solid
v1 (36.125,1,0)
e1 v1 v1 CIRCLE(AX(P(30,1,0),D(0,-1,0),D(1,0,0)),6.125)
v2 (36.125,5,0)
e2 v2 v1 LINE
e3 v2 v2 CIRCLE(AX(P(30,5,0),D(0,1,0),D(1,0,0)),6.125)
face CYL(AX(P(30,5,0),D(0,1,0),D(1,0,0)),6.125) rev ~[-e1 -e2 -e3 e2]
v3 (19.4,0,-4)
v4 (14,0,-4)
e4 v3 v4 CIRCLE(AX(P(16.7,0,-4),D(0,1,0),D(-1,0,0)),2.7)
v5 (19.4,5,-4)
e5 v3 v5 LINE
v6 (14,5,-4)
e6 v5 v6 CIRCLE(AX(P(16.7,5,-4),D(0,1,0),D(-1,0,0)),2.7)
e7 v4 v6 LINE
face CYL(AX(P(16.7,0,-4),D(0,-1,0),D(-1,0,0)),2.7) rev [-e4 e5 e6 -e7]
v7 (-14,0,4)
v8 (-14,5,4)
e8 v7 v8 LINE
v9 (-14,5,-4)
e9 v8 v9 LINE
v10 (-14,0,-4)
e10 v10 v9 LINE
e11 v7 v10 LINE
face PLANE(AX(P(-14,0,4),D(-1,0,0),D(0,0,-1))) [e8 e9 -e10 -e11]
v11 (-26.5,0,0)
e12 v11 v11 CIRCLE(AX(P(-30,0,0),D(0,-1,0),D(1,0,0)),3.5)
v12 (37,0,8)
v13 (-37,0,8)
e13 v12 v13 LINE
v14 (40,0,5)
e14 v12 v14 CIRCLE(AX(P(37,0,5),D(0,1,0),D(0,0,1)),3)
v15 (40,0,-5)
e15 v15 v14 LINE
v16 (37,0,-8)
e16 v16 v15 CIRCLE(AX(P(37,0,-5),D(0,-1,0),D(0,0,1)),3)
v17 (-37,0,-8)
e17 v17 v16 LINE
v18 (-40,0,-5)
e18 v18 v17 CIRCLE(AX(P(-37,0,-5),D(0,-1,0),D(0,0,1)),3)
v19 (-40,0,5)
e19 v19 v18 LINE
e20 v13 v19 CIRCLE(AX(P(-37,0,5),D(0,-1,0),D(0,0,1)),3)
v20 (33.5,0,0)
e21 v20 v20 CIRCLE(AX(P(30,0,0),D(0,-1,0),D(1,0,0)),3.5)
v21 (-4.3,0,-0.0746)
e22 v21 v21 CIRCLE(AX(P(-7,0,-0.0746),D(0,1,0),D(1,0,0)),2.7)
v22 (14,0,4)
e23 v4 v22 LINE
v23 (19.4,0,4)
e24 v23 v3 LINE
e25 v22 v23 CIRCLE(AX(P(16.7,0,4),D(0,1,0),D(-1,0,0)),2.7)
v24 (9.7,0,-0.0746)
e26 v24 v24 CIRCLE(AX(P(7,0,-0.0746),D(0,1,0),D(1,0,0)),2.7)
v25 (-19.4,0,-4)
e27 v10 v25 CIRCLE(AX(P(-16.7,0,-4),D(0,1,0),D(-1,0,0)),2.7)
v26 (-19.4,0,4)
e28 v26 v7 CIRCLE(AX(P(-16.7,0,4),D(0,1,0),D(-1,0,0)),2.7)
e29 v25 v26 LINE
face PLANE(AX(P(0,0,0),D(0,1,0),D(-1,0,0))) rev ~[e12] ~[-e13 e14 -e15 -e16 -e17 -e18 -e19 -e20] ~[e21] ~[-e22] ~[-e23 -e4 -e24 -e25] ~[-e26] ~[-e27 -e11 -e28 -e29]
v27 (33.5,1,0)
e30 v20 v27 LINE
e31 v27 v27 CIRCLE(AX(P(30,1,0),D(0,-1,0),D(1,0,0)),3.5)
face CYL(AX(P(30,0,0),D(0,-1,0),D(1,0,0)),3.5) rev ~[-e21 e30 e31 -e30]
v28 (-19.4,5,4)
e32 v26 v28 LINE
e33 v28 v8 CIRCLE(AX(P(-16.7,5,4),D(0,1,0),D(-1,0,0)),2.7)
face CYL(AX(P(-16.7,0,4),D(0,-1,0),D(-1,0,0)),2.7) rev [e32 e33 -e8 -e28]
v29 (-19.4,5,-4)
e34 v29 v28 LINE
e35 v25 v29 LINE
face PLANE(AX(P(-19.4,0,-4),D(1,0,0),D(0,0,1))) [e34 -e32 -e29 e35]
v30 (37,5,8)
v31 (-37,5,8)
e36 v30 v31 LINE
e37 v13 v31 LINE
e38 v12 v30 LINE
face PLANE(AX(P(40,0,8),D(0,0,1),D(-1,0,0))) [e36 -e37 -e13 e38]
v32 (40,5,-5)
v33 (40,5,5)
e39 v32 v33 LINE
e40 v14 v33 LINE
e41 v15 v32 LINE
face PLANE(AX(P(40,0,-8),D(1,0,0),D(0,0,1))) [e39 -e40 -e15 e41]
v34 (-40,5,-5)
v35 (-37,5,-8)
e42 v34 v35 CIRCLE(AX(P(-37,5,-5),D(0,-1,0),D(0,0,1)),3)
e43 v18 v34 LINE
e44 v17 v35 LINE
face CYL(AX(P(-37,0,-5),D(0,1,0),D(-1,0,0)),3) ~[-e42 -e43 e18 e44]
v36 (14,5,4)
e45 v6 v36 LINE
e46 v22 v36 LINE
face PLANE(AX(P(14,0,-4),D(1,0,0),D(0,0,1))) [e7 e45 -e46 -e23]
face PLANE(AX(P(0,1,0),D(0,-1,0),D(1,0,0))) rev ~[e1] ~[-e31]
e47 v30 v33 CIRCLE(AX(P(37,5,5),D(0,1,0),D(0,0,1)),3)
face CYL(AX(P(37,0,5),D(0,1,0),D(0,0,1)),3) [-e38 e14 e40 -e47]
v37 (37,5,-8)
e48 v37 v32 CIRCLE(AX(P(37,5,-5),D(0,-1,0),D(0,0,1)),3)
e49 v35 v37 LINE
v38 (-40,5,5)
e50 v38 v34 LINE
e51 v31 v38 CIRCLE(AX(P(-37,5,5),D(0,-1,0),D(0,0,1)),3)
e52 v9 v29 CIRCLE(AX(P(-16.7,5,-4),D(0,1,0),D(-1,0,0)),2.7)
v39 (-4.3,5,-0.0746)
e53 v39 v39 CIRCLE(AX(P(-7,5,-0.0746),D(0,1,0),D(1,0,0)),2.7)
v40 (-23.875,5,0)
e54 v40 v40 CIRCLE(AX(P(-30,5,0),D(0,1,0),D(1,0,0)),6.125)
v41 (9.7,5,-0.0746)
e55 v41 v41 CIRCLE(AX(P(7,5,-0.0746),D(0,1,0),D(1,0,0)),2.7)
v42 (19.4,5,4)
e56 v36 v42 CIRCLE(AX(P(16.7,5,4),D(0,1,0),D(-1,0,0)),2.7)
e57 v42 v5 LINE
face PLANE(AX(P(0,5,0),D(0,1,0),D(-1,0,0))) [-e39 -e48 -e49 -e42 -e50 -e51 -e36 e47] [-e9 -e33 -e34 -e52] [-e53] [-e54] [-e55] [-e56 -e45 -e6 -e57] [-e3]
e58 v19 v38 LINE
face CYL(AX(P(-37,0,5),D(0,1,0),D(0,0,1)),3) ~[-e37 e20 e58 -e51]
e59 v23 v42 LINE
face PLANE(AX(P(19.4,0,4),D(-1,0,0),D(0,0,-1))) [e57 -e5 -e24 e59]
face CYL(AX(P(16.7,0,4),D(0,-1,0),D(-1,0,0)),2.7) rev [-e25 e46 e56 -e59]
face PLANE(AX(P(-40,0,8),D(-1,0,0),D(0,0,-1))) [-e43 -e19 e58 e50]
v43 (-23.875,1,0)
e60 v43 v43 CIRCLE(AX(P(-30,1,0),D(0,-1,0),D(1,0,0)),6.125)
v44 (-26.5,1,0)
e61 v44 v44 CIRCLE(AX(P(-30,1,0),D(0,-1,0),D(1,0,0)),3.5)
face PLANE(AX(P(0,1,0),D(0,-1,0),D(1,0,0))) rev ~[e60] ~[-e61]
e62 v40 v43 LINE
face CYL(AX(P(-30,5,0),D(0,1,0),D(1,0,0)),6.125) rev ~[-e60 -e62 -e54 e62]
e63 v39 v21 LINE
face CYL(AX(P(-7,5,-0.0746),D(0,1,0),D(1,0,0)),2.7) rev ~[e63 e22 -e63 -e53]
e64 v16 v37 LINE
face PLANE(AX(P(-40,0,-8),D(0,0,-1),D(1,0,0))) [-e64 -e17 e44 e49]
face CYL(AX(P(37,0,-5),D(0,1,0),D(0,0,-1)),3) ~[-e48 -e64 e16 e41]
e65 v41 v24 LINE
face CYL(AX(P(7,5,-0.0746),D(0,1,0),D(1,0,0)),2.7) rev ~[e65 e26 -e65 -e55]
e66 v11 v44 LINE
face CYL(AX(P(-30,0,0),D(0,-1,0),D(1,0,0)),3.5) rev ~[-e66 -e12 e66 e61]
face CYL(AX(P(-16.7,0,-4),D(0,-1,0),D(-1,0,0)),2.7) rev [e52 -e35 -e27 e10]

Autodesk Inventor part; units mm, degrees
ref_plane "YZ Plane" through (0, 0, 0) normal (1, 0, 0) x (0, 1, 0)
ref_plane "XZ Plane" through (0, 0, 0) normal (0, 1, 0) x (-1, 0, 0)
ref_plane "XY Plane" through (0, 0, 0) normal (0, 0, 1) x (1, 0, 0)
sketch "Boceto1" plane through (0, 0, 0) normal (0, 1, 0) x (-1, 0, 0)
  line L0 (-40, 8) -> (40, 8)
  line L1 (40, 8) -> (40, -8)
  line L2 (40, -8) -> (-40, -8)
  line L3 (-40, -8) -> (-40, 8)
  line L4 (-40, 8) -> (40, -8) construction
  line L5 (40, 8) -> (-40, -8) construction
  circle A0 centre (-16.7, 4) radius 2.7
  circle A1 centre (-16.7, -4) radius 2.7
  circle A2 centre (16.7, 4) radius 2.7
  circle A3 centre (16.7, -4) radius 2.7
  line L6 (19.4, 4) -> (14, 4)
  line L7 (14, 4) -> (14, -4)
  line L8 (14, -4) -> (19.4, -4)
  line L9 (19.4, -4) -> (19.4, 4)
  line L10 (-14, 4) -> (-19.4, 4)
  line L11 (-19.4, 4) -> (-19.4, -4)
  line L12 (-19.4, -4) -> (-14, -4)
  line L13 (-14, -4) -> (-14, 4)
  point P0 (0, 0)
  point P1 (16.7, -4)
  point P2 (16.7, 4)
  point P3 (-16.7, -4)
  point P4 (-16.7, 4)
  point P5 (19.4, -4)
  point P6 (-14, -4)
  point P7 (-19.4, -4)
  point P8 (-19.4, 4)
  dimension "d2" = 5.4
  dimension "d0" = 80
  dimension "d1" = 16
  dimension "d3" = 4
  dimension "d4" = 8
  dimension "d5" = 23.3
  dimension "d35" = 23.3
extrude "Extrusión1" add sketch "Boceto1" along normal blind 5
fillet "Empalme2" radius 3 4 edges at (-40, 2.5, 8) (-40, 2.5, -8) (40, 2.5, 8) (40, 2.5, -8)
sketch "Boceto6" plane through (0, 5, 0) normal (0, 1, 0) x (1, 0, 0)
  circle A0 centre (-30, 0) radius 6.125
  circle A1 centre (30, 0) radius 6.125
  point P0 (0, 0)
  dimension "d27" = 12.25
  dimension "d28" = 30
  dimension "d29" = 30
extrude "Extrusión6" cut sketch "Boceto6" against normal through all
sketch "Boceto7" plane through (0, 0, 0) normal (0, -1, 0) x (1, 0, 0)
  circle A0 centre (-30, 0) radius 6.125 projected
  circle A1 centre (30, 0) radius 6.125 projected
  circle A2 centre (-30, 0) radius 3.5
  circle A3 centre (30, 0) radius 3.5
  point P0 (0, 0)
  point P1 (18.5632, -5.9541)
  point P2 (18.5632, 5.9541)
  dimension "d32" = 7
extrude "Extrusión7" add sketch "Boceto7" against normal blind 1
sketch "Boceto9" plane through (0, 5, 0) normal (0, 1, 0) x (1, 0, 0)
  circle A0 centre (-7, 0.0746) radius 2.7
  circle A1 centre (7, 0.0746) radius 2.7
  point P0 (0, 0)
  dimension "d36" = 5.4
  dimension "d39" = 7
  dimension "d40" = 7
extrude "Extrusión8" cut sketch "Boceto9" against normal through all
sketch "Boceto5" plane through (0, 0, 0) normal (0, -1, 0) x (1, 0, 0)
  circle A0 centre (-30, -4.1) radius 1.7 projected
  circle A1 centre (-30, -4.1) radius 2.875
  circle A2 centre (20, -4.1) radius 1.7 projected
  circle A3 centre (20, -4.1) radius 2.875
  line L0 (-33.3198, -4.1) -> (-31.6599, -1.225)
  line L1 (-31.6599, -1.225) -> (-28.3401, -1.225)
  line L2 (-28.3401, -1.225) -> (-26.6802, -4.1)
  line L3 (-26.6802, -4.1) -> (-28.3401, -6.975)
  line L4 (-28.3401, -6.975) -> (-31.6599, -6.975)
  line L5 (-31.6599, -6.975) -> (-33.3198, -4.1)
  line L6 (16.6802, -4.1) -> (18.3401, -1.225)
  line L7 (18.3401, -1.225) -> (21.6599, -1.225)
  line L8 (21.6599, -1.225) -> (23.3198, -4.1)
  line L9 (23.3198, -4.1) -> (21.6599, -6.975)
  line L10 (21.6599, -6.975) -> (18.3401, -6.975)
  line L11 (18.3401, -6.975) -> (16.6802, -4.1)
  point P0 (0, 0)
  dimension "d24" = 5.75
properties part number "Rack support b"
